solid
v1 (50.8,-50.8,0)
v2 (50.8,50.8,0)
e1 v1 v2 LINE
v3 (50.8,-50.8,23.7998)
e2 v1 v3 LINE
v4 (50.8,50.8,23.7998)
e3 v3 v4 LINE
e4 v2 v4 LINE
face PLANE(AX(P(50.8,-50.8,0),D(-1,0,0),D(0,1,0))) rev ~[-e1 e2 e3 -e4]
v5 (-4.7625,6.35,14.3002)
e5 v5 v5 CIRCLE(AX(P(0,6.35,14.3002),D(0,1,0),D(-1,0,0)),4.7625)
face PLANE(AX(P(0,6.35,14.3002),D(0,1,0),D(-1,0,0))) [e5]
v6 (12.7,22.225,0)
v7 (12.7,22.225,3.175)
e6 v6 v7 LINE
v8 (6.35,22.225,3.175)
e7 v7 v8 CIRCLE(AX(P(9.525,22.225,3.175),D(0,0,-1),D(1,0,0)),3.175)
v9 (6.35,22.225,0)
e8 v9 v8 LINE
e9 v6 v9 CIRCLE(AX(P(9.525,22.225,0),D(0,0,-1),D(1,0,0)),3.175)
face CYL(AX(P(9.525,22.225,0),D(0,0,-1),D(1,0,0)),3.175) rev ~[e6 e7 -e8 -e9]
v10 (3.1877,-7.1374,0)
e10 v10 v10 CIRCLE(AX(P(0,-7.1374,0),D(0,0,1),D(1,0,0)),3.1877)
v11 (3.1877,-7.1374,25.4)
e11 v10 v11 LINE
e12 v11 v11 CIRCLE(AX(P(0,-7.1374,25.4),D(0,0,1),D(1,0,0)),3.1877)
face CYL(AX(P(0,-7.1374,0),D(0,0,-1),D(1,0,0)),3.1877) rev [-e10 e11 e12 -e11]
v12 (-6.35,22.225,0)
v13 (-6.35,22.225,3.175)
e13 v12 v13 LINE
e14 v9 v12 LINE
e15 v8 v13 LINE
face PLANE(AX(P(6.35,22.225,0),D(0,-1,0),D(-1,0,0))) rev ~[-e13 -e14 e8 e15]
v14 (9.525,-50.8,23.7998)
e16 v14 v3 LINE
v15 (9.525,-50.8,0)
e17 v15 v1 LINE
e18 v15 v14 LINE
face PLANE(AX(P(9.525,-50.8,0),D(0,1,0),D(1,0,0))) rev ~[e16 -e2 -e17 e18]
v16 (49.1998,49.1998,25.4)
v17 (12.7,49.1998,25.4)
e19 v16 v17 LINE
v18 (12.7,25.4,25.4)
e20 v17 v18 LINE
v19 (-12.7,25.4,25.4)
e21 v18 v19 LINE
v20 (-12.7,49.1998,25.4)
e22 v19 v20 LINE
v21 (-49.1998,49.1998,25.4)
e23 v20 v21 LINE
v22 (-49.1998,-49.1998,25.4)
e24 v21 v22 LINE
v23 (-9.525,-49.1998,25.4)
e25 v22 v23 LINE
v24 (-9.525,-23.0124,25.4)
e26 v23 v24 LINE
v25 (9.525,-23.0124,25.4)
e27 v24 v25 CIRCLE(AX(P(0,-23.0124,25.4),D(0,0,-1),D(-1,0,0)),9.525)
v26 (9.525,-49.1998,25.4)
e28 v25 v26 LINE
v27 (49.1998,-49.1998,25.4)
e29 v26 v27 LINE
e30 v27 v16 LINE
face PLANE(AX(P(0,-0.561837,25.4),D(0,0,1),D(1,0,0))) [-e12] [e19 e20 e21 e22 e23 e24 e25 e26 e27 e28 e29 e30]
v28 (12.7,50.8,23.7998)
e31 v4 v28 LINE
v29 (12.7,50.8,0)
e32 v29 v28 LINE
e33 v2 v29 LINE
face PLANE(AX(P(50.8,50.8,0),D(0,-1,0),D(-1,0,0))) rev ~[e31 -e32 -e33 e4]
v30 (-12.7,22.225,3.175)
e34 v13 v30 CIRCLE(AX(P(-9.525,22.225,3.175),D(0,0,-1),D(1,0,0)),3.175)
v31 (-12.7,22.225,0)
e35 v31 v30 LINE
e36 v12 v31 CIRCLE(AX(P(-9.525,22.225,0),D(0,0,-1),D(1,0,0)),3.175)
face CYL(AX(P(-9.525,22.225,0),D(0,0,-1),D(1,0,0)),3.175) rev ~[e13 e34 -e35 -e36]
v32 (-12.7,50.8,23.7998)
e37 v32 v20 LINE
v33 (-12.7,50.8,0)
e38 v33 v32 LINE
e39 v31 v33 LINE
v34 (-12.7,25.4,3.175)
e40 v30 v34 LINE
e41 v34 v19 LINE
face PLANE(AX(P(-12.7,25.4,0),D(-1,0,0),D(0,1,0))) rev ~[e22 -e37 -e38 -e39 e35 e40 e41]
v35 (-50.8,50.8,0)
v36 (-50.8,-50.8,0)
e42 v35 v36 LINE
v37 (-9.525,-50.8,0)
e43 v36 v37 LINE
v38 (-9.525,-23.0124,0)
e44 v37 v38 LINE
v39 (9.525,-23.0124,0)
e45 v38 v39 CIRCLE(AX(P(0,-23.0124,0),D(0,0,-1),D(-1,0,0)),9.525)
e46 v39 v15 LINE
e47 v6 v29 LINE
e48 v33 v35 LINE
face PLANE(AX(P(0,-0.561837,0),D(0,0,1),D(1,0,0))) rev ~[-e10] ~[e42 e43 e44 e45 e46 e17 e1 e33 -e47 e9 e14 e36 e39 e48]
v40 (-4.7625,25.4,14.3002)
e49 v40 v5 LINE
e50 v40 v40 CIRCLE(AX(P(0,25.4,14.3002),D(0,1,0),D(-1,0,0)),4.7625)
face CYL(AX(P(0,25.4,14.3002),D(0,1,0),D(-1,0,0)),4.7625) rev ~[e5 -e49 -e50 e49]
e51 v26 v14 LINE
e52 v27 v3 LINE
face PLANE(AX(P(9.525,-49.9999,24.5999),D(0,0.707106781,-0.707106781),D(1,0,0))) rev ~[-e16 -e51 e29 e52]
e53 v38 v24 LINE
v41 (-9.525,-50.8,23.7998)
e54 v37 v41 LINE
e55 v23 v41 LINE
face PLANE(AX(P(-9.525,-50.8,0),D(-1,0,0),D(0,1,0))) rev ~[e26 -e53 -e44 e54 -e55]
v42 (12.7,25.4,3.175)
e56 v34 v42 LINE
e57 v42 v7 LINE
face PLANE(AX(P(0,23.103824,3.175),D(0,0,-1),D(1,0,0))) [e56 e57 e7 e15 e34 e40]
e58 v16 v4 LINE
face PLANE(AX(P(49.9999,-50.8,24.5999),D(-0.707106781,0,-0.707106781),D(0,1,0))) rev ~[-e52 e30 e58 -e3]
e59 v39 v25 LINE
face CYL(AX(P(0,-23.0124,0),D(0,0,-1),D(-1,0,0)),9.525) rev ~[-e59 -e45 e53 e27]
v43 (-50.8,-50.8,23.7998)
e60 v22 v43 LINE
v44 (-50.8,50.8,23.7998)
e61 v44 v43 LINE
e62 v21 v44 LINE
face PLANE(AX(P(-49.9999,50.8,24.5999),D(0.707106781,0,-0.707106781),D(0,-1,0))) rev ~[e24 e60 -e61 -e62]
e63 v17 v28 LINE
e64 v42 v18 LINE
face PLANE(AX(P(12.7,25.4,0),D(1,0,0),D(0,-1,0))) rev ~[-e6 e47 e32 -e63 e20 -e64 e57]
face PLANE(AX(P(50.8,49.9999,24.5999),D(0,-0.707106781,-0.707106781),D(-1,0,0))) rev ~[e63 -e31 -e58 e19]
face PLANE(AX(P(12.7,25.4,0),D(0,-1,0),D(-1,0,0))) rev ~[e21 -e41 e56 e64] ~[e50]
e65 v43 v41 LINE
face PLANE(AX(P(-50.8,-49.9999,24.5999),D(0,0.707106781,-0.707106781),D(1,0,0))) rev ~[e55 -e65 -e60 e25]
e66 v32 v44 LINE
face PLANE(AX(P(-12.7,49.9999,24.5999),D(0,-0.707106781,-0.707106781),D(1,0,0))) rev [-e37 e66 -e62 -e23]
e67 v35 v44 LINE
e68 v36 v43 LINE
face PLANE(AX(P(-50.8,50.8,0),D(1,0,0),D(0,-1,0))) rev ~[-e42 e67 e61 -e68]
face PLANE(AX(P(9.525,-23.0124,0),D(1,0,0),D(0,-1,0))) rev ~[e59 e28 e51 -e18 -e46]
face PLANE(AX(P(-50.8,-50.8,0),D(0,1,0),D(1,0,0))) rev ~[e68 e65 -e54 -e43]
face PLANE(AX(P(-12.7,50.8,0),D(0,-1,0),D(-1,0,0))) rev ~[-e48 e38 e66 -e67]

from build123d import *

# Parameters (mm, degrees)
F0_R     = 3.1877
F1_DEPTH = 25.4
F3_DEPTH = 3.175
F4_SIZE  = 1.6002
F5_R     = 4.7625
F6_DEPTH = 19.05


with BuildPart() as f1:
    # F0 (on Top) → F1 (new body)
    with BuildSketch(Plane.XY):
        with BuildLine():
            Line((-12.7, 50.8), (-50.8, 50.8))
            Line((-50.8, 50.8), (-50.8, -50.8))
            Line((-50.8, -50.8), (-9.525, -50.8))
            Line((-9.525, -50.8), (-9.525, -23.0124))
            ThreePointArc((-9.525, -23.0124), (0, -13.4874), (9.525, -23.0124))
            Line((9.525, -23.0124), (9.525, -50.8))
            Line((9.525, -50.8), (50.8, -50.8))
            Line((50.8, -50.8), (50.8, 50.8))
            Line((50.8, 50.8), (12.7, 50.8))
            Line((12.7, 50.8), (12.7, 25.4))
            Line((12.7, 25.4), (-12.7, 25.4))
            Line((-12.7, 25.4), (-12.7, 50.8))
        make_face()
        with Locations((0, -7.1374)):
            Circle(F0_R, mode=Mode.SUBTRACT)
    extrude(amount=F1_DEPTH)

    # F2 (on face) → F3 (cut)
    with BuildSketch(Plane(origin=(0, 0, 0), x_dir=(1, 0, 0), z_dir=(0, 0, -1))):
        with BuildLine():
            Line((-12.7, -22.225), (-12.7, -25.4))
            Line((-12.7, -25.4), (12.7, -25.4))
            Line((12.7, -25.4), (12.7, -22.225))
            ThreePointArc((12.7, -22.225), (9.525, -19.05), (6.35, -22.225))
            Line((6.35, -22.225), (-6.35, -22.225))
            ThreePointArc((-6.35, -22.225), (-9.525, -19.05), (-12.7, -22.225))
        make_face()
    extrude(amount=-F3_DEPTH, mode=Mode.SUBTRACT)

    # F4
    f4_edges = [f1.edges().sort_by_distance(p)[0] for p in [
        (-50.8, 0, 25.4),
        (-30.1625, -50.8, 25.4),
        (30.1625, -50.8, 25.4),
        (50.8, 0, 25.4),
        (31.75, 50.8, 25.4),
        (-31.75, 50.8, 25.4),
    ]]
    chamfer(f4_edges, length=F4_SIZE)

    # F5 (on face) → F6 (cut)
    with BuildSketch(Plane(origin=(0, 25.4, 0), x_dir=(-1, 0, 0), z_dir=(0, 1, 0))):
        with Locations((0, 14.3002)):
            Circle(F5_R)
    extrude(amount=-F6_DEPTH, mode=Mode.SUBTRACT)


solid = f1.part
